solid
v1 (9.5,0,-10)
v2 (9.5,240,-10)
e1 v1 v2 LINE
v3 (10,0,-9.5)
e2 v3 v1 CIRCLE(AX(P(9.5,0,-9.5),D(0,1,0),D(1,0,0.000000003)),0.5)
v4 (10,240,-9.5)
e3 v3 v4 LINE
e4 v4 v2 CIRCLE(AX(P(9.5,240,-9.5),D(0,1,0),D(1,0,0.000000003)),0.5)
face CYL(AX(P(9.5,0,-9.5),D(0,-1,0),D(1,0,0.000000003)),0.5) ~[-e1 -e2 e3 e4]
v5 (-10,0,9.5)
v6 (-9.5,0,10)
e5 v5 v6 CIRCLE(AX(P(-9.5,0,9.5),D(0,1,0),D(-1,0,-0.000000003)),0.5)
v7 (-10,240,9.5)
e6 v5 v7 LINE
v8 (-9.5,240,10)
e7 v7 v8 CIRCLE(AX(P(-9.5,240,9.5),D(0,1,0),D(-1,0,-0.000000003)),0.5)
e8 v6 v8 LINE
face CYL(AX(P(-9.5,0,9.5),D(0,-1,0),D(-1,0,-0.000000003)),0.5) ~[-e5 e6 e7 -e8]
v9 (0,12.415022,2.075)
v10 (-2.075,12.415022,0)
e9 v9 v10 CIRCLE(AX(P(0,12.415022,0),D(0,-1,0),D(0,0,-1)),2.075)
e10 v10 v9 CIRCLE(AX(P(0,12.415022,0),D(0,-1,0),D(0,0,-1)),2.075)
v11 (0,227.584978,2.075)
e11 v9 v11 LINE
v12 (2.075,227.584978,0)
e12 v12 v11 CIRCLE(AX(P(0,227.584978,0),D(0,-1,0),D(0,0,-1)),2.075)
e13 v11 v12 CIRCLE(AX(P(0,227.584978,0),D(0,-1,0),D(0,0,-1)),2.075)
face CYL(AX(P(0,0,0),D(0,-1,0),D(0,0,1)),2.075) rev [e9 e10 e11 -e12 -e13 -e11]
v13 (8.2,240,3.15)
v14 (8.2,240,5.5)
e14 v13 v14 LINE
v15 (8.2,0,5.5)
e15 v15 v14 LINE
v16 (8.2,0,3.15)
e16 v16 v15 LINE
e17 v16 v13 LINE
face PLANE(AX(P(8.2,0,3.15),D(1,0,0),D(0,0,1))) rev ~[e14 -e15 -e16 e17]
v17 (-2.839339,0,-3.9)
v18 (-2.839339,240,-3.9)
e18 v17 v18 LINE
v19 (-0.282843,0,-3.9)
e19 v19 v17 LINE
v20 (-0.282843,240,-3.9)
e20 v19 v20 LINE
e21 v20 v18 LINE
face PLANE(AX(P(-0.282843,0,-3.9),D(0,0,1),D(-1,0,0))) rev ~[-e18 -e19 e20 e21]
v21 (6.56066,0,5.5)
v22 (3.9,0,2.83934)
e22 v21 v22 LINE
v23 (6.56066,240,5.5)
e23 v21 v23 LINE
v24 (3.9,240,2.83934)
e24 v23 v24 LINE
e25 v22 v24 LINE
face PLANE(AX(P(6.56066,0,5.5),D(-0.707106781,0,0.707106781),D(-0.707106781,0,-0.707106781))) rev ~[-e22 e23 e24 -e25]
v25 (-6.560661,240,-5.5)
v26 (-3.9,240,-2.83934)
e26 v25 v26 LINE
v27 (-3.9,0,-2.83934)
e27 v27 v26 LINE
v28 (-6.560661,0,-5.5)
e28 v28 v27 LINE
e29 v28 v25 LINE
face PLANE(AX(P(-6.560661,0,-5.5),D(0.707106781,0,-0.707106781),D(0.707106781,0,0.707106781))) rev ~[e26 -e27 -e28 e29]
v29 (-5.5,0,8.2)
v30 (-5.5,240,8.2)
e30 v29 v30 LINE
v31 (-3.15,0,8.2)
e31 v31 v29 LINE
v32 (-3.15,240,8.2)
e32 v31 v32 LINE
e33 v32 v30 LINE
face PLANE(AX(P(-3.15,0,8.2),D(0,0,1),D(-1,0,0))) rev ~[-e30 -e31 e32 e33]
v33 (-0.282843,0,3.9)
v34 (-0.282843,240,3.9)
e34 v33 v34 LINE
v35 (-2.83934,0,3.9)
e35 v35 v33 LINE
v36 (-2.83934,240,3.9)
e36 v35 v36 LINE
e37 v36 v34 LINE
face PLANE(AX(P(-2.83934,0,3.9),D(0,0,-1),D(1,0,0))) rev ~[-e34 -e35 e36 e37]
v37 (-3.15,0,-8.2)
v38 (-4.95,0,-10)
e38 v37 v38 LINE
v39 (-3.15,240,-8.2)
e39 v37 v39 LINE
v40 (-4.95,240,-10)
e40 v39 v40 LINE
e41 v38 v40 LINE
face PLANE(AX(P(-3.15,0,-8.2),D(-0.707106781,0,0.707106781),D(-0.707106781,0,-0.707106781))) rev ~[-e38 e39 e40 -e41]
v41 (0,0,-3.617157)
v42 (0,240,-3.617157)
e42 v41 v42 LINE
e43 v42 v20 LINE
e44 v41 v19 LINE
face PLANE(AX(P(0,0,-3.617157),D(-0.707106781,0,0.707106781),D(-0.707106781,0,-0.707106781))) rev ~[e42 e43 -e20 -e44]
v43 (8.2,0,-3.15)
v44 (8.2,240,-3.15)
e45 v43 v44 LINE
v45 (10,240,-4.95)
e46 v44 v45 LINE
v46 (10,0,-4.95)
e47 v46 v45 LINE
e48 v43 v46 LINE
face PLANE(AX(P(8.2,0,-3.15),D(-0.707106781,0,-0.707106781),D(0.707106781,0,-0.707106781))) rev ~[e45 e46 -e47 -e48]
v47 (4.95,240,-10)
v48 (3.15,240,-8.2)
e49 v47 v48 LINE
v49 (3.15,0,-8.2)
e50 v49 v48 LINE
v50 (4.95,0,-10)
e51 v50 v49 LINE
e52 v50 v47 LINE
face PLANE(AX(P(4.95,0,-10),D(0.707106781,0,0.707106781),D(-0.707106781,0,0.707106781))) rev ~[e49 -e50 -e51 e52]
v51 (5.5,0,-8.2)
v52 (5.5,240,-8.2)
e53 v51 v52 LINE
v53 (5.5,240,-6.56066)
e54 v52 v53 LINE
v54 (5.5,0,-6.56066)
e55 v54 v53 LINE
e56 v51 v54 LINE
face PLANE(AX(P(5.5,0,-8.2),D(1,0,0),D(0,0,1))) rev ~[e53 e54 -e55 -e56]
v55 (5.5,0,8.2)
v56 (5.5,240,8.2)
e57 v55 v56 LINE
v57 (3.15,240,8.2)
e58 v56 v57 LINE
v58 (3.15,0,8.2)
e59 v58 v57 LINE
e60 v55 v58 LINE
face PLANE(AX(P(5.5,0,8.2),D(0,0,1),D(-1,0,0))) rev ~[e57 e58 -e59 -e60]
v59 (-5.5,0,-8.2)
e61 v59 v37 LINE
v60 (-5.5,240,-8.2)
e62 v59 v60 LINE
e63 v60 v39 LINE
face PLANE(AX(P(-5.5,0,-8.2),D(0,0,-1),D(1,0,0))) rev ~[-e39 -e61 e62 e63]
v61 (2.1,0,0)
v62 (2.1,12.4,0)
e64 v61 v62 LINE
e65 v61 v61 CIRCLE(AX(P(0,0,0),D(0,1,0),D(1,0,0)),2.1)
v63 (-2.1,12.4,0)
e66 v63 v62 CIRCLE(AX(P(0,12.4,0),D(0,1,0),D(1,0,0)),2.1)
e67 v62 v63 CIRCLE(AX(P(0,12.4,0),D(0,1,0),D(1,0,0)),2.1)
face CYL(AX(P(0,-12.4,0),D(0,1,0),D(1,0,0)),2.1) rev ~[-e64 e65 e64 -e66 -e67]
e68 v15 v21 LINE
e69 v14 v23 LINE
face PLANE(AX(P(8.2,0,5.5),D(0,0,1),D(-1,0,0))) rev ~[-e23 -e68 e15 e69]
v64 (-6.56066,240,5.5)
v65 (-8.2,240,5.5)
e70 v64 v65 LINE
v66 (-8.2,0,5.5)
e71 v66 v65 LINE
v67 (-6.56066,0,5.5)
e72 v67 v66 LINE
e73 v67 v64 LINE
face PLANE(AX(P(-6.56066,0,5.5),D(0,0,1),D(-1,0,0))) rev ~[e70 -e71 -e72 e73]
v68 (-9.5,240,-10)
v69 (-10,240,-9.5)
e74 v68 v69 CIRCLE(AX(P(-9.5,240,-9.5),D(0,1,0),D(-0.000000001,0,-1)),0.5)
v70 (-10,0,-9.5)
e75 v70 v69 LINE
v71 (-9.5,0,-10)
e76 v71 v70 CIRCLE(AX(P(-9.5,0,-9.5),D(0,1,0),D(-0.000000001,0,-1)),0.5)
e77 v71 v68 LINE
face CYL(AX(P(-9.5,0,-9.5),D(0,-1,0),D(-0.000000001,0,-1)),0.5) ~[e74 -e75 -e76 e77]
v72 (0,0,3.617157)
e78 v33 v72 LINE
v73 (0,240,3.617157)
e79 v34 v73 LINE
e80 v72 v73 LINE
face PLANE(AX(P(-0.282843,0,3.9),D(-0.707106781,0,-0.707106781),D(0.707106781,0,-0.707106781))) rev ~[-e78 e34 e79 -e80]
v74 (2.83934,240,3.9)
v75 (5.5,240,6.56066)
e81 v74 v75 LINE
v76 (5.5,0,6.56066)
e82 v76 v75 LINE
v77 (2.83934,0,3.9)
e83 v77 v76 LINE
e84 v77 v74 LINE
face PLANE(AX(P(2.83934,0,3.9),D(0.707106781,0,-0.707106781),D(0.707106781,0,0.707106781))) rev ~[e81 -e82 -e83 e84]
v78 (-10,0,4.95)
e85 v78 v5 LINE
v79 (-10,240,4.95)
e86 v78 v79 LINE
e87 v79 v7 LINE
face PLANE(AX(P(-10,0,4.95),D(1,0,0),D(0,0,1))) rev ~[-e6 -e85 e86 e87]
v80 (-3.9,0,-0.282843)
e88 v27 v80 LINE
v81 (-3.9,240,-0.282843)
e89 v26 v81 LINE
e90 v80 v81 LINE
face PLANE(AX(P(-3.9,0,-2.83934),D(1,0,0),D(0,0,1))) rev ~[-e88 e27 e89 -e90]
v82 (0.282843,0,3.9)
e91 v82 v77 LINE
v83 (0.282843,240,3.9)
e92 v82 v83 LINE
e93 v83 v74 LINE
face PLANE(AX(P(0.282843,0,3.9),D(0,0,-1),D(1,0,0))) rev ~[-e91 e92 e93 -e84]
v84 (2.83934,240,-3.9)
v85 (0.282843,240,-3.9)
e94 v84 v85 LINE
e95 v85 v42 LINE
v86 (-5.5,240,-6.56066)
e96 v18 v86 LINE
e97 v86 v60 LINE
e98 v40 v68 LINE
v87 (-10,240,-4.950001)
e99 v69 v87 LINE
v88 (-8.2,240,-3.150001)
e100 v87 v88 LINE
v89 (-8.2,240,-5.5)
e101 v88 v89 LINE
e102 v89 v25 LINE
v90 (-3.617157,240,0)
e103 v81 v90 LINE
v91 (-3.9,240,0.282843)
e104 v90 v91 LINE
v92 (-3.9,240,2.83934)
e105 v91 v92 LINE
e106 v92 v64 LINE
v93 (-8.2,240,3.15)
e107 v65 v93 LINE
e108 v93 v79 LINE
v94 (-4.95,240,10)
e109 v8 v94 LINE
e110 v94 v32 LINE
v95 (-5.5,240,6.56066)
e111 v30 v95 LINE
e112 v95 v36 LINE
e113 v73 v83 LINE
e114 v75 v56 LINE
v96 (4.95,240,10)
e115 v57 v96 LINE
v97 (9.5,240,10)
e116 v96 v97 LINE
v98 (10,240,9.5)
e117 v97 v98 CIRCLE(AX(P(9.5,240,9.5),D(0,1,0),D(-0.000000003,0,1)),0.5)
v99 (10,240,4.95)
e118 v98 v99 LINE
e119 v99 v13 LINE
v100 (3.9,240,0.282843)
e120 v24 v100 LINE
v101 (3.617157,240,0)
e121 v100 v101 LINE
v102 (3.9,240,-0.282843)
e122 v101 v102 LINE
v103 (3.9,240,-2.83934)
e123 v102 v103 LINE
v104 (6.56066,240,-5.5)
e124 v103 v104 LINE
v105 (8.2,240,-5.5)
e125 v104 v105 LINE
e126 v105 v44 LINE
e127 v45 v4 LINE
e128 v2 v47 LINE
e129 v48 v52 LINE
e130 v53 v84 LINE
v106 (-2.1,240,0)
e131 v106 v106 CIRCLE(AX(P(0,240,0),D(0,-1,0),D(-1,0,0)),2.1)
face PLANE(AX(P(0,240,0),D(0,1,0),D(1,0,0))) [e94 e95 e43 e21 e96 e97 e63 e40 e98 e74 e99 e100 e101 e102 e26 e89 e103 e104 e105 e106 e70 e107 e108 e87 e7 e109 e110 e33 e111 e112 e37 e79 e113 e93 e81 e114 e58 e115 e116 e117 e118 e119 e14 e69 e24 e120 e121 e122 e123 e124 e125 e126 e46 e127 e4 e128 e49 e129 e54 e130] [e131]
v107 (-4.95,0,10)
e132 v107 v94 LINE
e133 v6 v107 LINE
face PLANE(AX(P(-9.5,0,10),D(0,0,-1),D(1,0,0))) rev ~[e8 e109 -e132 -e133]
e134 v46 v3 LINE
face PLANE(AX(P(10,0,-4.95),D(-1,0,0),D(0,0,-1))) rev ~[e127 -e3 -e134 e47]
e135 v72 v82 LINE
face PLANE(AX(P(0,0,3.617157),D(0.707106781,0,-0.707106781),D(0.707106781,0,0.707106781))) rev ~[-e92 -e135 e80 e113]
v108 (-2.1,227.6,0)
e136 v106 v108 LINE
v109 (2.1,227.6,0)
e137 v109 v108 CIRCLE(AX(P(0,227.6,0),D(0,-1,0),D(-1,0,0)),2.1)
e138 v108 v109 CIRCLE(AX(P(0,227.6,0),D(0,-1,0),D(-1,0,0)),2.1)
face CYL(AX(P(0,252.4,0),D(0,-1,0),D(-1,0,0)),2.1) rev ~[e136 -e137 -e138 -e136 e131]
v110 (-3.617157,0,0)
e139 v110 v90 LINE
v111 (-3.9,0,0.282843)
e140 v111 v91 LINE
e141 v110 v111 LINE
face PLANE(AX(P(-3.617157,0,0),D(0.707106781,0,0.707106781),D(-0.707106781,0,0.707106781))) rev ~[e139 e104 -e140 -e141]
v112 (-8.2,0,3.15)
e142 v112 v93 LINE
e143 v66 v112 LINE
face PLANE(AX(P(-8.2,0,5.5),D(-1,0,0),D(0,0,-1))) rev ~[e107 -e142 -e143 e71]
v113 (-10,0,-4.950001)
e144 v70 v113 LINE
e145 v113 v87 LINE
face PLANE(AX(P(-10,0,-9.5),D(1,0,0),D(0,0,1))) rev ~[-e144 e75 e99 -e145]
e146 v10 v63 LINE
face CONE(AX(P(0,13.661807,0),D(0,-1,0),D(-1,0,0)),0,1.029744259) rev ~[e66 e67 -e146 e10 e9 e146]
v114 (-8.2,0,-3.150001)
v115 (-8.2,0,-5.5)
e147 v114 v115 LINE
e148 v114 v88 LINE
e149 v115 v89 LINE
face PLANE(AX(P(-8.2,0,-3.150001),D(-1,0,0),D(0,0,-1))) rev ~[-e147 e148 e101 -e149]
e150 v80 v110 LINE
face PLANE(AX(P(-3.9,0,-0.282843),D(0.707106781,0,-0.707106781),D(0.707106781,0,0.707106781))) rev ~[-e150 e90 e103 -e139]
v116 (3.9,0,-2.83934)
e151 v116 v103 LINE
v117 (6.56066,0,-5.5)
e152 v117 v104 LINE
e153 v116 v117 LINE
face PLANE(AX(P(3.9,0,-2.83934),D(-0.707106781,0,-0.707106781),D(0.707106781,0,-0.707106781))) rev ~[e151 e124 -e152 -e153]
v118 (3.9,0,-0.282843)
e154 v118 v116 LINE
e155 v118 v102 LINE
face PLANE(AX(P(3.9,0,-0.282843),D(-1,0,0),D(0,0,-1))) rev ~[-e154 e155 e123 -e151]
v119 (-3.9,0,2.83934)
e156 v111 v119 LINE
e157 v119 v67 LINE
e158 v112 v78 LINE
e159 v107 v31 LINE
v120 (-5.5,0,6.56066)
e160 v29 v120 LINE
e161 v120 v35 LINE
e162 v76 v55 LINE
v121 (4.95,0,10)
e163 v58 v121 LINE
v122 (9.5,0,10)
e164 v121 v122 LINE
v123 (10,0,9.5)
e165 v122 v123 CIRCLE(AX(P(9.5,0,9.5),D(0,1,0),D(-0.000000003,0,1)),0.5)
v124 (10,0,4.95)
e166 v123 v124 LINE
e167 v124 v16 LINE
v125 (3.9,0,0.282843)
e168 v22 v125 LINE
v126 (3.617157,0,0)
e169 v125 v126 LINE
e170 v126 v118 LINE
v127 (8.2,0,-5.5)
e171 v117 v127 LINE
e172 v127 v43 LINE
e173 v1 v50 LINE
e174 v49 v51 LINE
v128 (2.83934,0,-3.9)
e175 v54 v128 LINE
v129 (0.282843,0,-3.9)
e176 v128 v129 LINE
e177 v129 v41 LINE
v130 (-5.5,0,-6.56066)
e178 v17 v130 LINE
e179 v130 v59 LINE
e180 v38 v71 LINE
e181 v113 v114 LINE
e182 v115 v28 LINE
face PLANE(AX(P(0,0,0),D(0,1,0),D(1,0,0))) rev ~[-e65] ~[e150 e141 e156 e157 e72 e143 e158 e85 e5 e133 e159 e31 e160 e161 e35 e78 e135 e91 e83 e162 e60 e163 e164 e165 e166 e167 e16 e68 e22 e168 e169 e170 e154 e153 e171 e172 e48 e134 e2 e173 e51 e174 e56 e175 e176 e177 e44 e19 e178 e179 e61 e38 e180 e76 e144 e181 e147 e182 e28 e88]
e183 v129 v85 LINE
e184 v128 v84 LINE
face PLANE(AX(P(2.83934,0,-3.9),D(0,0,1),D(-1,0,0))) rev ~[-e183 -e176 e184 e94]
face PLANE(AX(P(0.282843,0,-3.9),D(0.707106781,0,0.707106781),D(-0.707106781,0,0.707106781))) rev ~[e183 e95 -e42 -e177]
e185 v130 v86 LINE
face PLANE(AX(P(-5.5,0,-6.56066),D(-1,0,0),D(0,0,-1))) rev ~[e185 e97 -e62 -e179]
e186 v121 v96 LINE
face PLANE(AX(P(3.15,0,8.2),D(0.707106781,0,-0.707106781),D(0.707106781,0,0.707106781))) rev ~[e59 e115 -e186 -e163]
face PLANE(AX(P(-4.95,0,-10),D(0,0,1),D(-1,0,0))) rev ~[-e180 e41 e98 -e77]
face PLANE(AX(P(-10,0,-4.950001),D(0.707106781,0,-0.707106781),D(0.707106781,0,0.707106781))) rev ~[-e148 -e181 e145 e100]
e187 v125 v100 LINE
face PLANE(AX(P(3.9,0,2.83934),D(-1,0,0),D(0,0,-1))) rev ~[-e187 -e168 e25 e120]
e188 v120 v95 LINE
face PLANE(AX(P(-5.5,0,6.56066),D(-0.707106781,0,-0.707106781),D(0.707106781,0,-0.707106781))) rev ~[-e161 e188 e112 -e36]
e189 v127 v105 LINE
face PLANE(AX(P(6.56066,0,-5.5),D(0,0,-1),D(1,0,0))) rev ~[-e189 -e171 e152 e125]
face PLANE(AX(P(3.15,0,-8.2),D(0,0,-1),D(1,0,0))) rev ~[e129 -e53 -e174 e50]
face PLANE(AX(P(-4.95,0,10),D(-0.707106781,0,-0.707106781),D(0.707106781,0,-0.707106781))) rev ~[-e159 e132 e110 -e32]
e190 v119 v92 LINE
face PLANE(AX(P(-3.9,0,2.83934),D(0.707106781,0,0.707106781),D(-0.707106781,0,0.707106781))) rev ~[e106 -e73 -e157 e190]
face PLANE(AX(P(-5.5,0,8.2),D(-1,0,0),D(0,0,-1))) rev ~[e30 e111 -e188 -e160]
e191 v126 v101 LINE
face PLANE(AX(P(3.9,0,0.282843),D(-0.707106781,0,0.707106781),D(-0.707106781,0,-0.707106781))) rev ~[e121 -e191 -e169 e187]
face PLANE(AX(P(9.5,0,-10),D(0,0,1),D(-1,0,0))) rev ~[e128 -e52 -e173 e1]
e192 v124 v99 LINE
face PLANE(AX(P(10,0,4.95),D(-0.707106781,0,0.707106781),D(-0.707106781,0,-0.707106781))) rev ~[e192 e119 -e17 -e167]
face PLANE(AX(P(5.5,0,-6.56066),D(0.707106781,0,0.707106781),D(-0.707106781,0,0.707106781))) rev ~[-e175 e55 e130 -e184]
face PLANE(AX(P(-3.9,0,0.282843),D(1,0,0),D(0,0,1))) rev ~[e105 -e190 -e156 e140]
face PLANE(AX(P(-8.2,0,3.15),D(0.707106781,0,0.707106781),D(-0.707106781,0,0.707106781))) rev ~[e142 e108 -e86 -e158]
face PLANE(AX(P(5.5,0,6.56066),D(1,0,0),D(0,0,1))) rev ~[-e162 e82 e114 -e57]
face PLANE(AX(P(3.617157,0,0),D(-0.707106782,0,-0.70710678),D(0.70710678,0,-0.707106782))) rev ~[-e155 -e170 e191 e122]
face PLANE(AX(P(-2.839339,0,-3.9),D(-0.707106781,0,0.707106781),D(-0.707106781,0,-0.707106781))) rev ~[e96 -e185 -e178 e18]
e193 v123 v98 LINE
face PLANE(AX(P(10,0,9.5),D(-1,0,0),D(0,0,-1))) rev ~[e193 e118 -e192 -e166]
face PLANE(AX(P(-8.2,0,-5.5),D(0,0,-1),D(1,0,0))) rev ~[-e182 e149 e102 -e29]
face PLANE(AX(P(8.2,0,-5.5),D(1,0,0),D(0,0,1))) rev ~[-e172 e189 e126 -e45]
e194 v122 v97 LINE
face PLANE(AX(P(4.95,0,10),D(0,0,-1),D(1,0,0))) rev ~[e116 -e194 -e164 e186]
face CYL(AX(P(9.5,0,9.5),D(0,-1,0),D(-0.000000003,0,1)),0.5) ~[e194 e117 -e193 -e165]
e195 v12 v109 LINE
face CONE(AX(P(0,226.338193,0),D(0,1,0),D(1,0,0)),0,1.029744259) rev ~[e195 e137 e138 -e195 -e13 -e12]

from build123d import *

# Parameters (mm, degrees)
SKETCH_28_R               = 2.075
EXTRUDE_2020V_DEPTH       = 240
HOLE_WIZARD_1_2020V_D     = 4.2
HOLE_WIZARD_1_2020V_DEPTH = 12.4
HOLE_WIZARD_1_2020V_TIP   = 1.2618073
HOLE_WIZARD_2_2020V_D     = 4.2
HOLE_WIZARD_2_2020V_DEPTH = 12.4
HOLE_WIZARD_2_2020V_TIP   = 1.2618073


with BuildPart() as part:
    # 草图28 → 2020V (new body)
    with BuildSketch(Plane(origin=(0, 0, 0), x_dir=(1, 0, 0), z_dir=(0, 1, 0))):
        with BuildLine():
            Line((-3.900000395, 2.839340223), (-3.900000395, 0.282843107))
            Line((-3.900000395, 0.282843107), (-3.617157288, 0))
            Line((-3.617157288, 0), (-3.9, -0.282842712))
            Line((-3.9, -0.282842712), (-3.9, -2.839339828))
            Line((-3.9, -2.839339828), (-6.560660172, -5.5))
            Line((-6.560660172, -5.5), (-8.2, -5.5))
            Line((-8.2, -5.5), (-8.2, -3.150000255))
            Line((-8.2, -3.150000255), (-10, -4.950000255))
            Line((-10, -4.950000255), (-10, -9.5))
            ThreePointArc((-10, -9.5), (-9.853553391, -9.853553391), (-9.5, -10))
            Line((-9.5, -10), (-4.950000255, -10))
            Line((-4.950000255, -10), (-3.150000255, -8.2))
            Line((-3.150000255, -8.2), (-5.5, -8.2))
            Line((-5.5, -8.2), (-5.5, -6.560660172))
            Line((-5.5, -6.560660172), (-2.839339828, -3.9))
            Line((-2.839339828, -3.9), (-0.282842712, -3.9))
            Line((-0.282842712, -3.9), (0, -3.617157288))
            Line((0, -3.617157288), (0.282842712, -3.9))
            Line((0.282842712, -3.9), (2.839339828, -3.9))
            Line((2.839339828, -3.9), (5.5, -6.560660172))
            Line((5.5, -6.560660172), (5.5, -8.2))
            Line((5.5, -8.2), (3.150000255, -8.2))
            Line((3.150000255, -8.2), (4.950000255, -10))
            Line((4.950000255, -10), (9.5, -10))
            ThreePointArc((9.5, -10), (9.853553391, -9.853553391), (10, -9.5))
            Line((10, -9.5), (10, -4.950000255))
            Line((10, -4.950000255), (8.2, -3.150000255))
            Line((8.2, -3.150000255), (8.2, -5.5))
            Line((8.2, -5.5), (6.560660172, -5.5))
            Line((6.560660172, -5.5), (3.9, -2.839339828))
            Line((3.9, -2.839339828), (3.9, -0.282842712))
            Line((3.9, -0.282842712), (3.617157288, 0))
            Line((3.617157288, 0), (3.900000116, 0.282842829))
            Line((3.900000116, 0.282842829), (3.900000116, 2.839339944))
            Line((3.900000116, 2.839339944), (6.560660288, 5.500000116))
            Line((6.560660288, 5.500000116), (8.200000116, 5.500000116))
            Line((8.200000116, 5.500000116), (8.200000116, 3.150000371))
            Line((8.200000116, 3.150000371), (10.000000116, 4.950000371))
            Line((10.000000116, 4.950000371), (10.000000116, 9.499999884))
            ThreePointArc((10.000000116, 9.499999884), (9.853553507, 9.853553275), (9.500000116, 9.999999884))
            Line((9.500000116, 9.999999884), (4.950000139, 9.999999884))
            Line((4.950000139, 9.999999884), (3.150000139, 8.199999884))
            Line((3.150000139, 8.199999884), (5.499999884, 8.199999884))
            Line((5.499999884, 8.199999884), (5.499999884, 6.560660056))
            Line((5.499999884, 6.560660056), (2.839339712, 3.899999884))
            Line((2.839339712, 3.899999884), (0.282842991, 3.899999884))
            Line((0.282842991, 3.899999884), (0, 3.617156893))
            Line((0, 3.617156893), (-0.282842712, 3.899999605))
            Line((-0.282842712, 3.899999605), (-2.839339434, 3.899999605))
            Line((-2.839339434, 3.899999605), (-5.499999605, 6.560659777))
            Line((-5.499999605, 6.560659777), (-5.499999605, 8.199999605))
            Line((-5.499999605, 8.199999605), (-3.149999861, 8.199999605))
            Line((-3.149999861, 8.199999605), (-4.949999861, 9.999999605))
            Line((-4.949999861, 9.999999605), (-9.500000395, 9.999999605))
            ThreePointArc((-9.500000395, 9.999999605), (-9.853553785, 9.853552996), (-10.000000395, 9.499999605))
            Line((-10.000000395, 9.499999605), (-10.000000395, 4.95000065))
            Line((-10.000000395, 4.95000065), (-8.200000395, 3.15000065))
            Line((-8.200000395, 3.15000065), (-8.200000395, 5.500000395))
            Line((-8.200000395, 5.500000395), (-6.560660566, 5.500000395))
            Line((-6.560660566, 5.500000395), (-3.900000395, 2.839340223))
        make_face()
        with Locations(Location((0, 0, 0), (0, 0, 270))):
            Circle(SKETCH_28_R, mode=Mode.SUBTRACT)
    extrude(amount=EXTRUDE_2020V_DEPTH)

    # 1-2020V
    with Locations(Plane(origin=(0, 240, 0), x_dir=(1, 0, 0), z_dir=(0, 1, 0))):
        with Locations((0, 0)):
            Hole(HOLE_WIZARD_1_2020V_D / 2, depth=HOLE_WIZARD_1_2020V_DEPTH)
            with Locations((0, 0, -(HOLE_WIZARD_1_2020V_DEPTH + HOLE_WIZARD_1_2020V_TIP / 2))):  # 118° drill point
                Cone(0, HOLE_WIZARD_1_2020V_D / 2, HOLE_WIZARD_1_2020V_TIP, mode=Mode.SUBTRACT)

    # 2-2020V
    with Locations(Plane(origin=(0, 0, 0), x_dir=(-1, 0, 0), z_dir=(0, -1, 0))):
        with Locations((0, 0)):
            Hole(HOLE_WIZARD_2_2020V_D / 2, depth=HOLE_WIZARD_2_2020V_DEPTH)
            with Locations((0, 0, -(HOLE_WIZARD_2_2020V_DEPTH + HOLE_WIZARD_2_2020V_TIP / 2))):  # 118° drill point
                Cone(0, HOLE_WIZARD_2_2020V_D / 2, HOLE_WIZARD_2_2020V_TIP, mode=Mode.SUBTRACT)


solid = part.part
